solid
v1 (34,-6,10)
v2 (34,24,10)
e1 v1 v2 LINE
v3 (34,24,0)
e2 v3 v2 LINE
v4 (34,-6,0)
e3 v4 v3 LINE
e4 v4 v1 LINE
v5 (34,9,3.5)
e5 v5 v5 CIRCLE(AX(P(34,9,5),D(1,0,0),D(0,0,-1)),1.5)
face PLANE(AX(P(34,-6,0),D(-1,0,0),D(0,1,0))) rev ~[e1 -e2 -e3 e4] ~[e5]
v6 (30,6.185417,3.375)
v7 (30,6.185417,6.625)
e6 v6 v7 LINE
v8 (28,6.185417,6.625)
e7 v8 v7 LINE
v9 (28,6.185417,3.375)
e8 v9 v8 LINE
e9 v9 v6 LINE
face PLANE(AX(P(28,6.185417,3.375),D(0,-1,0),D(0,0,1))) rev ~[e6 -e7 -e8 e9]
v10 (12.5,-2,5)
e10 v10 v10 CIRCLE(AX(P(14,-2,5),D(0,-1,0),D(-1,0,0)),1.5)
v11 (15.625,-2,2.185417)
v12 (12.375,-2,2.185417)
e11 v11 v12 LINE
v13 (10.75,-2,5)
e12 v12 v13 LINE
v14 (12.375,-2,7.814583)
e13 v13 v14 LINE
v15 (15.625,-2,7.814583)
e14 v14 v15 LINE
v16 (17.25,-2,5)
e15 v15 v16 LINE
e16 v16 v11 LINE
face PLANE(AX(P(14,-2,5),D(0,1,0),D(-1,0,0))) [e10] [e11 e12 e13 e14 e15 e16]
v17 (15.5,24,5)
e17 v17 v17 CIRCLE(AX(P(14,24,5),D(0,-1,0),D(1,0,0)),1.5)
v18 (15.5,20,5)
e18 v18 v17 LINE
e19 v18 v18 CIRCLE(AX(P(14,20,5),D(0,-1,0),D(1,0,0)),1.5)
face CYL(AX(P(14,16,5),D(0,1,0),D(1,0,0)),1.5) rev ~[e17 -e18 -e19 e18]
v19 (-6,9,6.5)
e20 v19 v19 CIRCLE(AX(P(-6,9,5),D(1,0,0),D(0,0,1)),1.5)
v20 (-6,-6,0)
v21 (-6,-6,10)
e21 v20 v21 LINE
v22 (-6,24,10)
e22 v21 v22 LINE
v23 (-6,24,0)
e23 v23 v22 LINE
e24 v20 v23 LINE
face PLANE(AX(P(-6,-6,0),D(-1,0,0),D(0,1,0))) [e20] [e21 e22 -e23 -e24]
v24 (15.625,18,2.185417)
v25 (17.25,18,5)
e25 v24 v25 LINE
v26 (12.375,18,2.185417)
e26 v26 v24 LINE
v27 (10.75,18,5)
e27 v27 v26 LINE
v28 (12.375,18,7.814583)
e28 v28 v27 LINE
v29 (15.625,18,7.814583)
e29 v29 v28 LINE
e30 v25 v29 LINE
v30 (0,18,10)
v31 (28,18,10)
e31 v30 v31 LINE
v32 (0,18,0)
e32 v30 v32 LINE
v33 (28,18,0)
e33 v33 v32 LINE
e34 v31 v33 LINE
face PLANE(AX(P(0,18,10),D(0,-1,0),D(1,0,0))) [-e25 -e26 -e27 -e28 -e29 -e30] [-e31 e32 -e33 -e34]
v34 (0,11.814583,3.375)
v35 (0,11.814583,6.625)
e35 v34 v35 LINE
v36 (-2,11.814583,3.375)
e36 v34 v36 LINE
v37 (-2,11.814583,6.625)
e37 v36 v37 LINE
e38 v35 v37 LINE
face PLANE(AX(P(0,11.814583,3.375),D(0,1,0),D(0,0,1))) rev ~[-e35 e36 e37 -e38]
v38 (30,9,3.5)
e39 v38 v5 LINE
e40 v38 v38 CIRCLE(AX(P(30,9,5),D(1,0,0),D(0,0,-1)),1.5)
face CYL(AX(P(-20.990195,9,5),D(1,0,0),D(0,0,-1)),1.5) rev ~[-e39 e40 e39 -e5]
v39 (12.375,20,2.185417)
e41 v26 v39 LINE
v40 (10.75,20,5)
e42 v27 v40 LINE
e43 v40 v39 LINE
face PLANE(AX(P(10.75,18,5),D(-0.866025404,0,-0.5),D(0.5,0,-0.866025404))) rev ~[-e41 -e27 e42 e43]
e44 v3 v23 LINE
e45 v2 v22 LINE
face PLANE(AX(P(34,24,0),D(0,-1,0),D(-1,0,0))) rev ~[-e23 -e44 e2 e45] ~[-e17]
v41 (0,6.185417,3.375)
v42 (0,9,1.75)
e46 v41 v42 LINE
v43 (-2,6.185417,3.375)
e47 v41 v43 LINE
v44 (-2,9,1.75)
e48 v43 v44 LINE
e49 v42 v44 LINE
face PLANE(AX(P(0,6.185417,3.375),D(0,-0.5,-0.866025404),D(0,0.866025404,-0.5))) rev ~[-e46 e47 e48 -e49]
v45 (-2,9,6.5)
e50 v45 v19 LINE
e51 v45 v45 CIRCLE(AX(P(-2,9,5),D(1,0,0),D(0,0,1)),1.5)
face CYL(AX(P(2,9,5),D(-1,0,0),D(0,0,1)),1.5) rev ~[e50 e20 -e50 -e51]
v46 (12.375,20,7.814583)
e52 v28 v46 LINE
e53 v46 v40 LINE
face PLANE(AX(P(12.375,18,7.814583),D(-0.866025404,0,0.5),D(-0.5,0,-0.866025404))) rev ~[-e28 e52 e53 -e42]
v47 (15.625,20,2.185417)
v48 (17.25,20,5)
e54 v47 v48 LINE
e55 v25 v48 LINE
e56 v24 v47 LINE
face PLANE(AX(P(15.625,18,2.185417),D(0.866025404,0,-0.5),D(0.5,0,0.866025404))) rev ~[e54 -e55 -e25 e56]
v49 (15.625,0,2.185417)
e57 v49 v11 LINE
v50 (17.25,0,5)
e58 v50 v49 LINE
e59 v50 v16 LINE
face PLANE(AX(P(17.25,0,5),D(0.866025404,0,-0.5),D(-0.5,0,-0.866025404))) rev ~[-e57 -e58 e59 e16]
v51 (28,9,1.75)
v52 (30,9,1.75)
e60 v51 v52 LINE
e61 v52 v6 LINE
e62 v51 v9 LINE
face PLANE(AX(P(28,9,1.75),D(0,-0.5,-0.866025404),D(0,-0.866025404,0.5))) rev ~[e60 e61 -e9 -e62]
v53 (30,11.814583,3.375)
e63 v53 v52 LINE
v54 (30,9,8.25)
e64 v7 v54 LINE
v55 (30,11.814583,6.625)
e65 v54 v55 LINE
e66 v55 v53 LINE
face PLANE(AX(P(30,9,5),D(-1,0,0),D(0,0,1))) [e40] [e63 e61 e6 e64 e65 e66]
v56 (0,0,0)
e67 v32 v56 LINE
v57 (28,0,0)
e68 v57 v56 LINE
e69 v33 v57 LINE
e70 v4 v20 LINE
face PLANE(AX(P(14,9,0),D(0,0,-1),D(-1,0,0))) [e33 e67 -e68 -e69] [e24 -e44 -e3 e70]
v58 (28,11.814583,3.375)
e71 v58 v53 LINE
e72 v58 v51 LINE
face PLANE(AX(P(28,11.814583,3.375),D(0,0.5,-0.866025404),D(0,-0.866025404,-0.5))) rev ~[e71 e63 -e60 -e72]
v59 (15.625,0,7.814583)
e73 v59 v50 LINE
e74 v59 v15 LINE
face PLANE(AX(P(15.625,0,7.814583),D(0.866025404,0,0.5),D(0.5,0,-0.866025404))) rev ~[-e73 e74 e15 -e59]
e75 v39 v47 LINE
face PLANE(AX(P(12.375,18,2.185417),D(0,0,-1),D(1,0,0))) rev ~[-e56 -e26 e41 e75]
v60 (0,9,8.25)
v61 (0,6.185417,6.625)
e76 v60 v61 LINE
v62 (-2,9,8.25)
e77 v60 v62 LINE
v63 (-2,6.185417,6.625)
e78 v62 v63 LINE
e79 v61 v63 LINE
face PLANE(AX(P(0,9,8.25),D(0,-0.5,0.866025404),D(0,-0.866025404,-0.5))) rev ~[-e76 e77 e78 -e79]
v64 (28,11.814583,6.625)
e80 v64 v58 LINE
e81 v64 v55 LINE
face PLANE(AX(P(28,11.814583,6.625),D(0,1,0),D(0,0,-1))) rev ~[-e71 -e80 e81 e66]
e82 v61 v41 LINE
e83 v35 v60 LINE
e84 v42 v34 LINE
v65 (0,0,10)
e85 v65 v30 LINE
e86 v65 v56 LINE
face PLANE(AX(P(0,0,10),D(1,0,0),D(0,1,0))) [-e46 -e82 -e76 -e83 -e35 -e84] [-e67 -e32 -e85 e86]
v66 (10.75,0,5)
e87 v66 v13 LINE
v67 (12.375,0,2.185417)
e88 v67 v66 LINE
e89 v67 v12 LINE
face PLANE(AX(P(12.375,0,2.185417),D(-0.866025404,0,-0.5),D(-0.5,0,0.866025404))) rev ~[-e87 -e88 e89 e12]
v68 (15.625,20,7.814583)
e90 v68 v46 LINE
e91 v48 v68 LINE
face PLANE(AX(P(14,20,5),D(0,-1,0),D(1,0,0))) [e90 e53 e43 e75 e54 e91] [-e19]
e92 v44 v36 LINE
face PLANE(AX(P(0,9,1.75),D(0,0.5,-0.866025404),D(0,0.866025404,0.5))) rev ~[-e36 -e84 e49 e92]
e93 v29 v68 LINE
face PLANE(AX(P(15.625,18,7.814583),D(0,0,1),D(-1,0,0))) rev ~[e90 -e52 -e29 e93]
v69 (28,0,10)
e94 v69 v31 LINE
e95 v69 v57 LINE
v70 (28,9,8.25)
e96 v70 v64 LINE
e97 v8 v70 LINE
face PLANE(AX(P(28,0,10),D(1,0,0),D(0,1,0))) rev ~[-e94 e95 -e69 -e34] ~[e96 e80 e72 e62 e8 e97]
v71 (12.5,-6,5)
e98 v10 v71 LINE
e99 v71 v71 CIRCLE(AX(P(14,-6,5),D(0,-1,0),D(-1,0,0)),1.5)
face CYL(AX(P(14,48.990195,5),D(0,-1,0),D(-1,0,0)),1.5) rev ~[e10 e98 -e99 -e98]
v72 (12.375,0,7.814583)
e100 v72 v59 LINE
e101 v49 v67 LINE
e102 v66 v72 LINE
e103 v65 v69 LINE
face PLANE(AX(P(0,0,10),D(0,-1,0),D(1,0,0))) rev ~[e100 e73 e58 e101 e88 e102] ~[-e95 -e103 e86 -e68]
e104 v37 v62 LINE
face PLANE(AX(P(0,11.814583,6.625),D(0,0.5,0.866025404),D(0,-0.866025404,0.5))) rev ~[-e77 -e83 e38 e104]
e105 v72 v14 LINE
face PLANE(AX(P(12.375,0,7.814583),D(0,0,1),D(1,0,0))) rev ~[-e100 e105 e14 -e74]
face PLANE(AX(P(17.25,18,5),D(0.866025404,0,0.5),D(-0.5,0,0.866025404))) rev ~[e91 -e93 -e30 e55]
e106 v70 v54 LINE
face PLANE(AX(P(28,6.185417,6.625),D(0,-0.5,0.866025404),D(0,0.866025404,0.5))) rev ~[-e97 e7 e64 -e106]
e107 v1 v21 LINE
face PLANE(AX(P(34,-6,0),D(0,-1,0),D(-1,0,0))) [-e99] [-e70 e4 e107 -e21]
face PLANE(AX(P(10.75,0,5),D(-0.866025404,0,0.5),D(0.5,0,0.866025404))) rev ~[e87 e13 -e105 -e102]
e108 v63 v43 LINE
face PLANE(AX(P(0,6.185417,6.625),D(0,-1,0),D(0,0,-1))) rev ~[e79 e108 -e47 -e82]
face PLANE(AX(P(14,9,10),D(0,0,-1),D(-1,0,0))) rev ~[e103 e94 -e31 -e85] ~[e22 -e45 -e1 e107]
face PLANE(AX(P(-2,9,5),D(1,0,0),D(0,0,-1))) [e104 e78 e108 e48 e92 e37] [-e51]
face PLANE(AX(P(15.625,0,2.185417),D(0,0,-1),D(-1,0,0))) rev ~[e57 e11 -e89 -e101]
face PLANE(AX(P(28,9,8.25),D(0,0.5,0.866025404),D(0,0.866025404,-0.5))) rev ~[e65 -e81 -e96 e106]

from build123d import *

# Parameters (mm, degrees)
SKETCH1_W                    = 40
SKETCH1_H                    = 30
BOSS_EXTRUDE1_DEPTH          = 10
SKETCH2_W                    = 28
SKETCH2_H                    = 18
CUT_EXTRUDE1_DEPTH           = 43.801869118
CUT_EXTRUDE2_DEPTH           = 2
CUT_EXTRUDE3_DEPTH           = 2
CUT_EXTRUDE4_DEPTH           = 2
CUT_EXTRUDE5_DEPTH           = 2
F_3_0_3_DIAMETER_HOLE1_D     = 3
F_3_0_3_DIAMETER_HOLE1_DEPTH = 4
F_3_0_3_DIAMETER_HOLE2_D     = 3
F_3_0_3_DIAMETER_HOLE2_DEPTH = 4
F_3_0_3_DIAMETER_HOLE3_D     = 3
F_3_0_3_DIAMETER_HOLE4_D     = 3


with BuildPart() as part:
    # Sketch1 → Boss-Extrude1 (new body)
    with BuildSketch(Plane(origin=(0, 0, 0), x_dir=(-1, 0, 0), z_dir=(0, 0, -1))):
        with Locations((-14, 9)):
            Rectangle(SKETCH1_W, SKETCH1_H)
    extrude(amount=-BOSS_EXTRUDE1_DEPTH)

    # Sketch2 → Cut-Extrude1 (cut, through all)
    with BuildSketch(Plane.XY.offset(10)):
        with Locations((14, 9)):
            Rectangle(SKETCH2_W, SKETCH2_H)
    extrude(amount=-CUT_EXTRUDE1_DEPTH, mode=Mode.SUBTRACT)

    # Sketch3 → Cut-Extrude2 (cut)
    with BuildSketch(Plane(origin=(0, 0, 0), x_dir=(0, 0, -1), z_dir=(1, 0, 0))):
        Polygon((-8.25, 9), (-6.625, 6.185417438), (-3.375, 6.185417438), (-1.75, 9), (-3.375, 11.814582562), (-6.625, 11.814582562), align=None)
    extrude(amount=-CUT_EXTRUDE2_DEPTH, mode=Mode.SUBTRACT)

    # Sketch4 → Cut-Extrude3 (cut)
    with BuildSketch(Plane.XZ.offset(-18)):
        Polygon((17.25, 5), (15.625, 7.814582562), (12.375, 7.814582562), (10.75, 5), (12.375, 2.185417438), (15.625, 2.185417438), align=None)
    extrude(amount=-CUT_EXTRUDE3_DEPTH, mode=Mode.SUBTRACT)

    # Sketch5 → Cut-Extrude4 (cut)
    with BuildSketch(Plane.ZY.offset(-28)):
        Polygon((1.75, 9), (3.375, 6.185417438), (6.625, 6.185417438), (8.25, 9), (6.625, 11.814582562), (3.375, 11.814582562), align=None)
    extrude(amount=-CUT_EXTRUDE4_DEPTH, mode=Mode.SUBTRACT)

    # Sketch6 → Cut-Extrude5 (cut)
    with BuildSketch(Plane(origin=(0, 0, 0), x_dir=(-1, 0, 0), z_dir=(0, 1, 0))):
        Polygon((-17.25, 5), (-15.625, 2.185417438), (-12.375, 2.185417438), (-10.75, 5), (-12.375, 7.814582562), (-15.625, 7.814582562), align=None)
    extrude(amount=-CUT_EXTRUDE5_DEPTH, mode=Mode.SUBTRACT)

    # Ø3.0 (3) Diameter Hole1
    with Locations(Plane(origin=(-2, 0, 0), x_dir=(0, 0, -1), z_dir=(1, 0, 0))):
        with Locations((-5, 9)):
            Hole(F_3_0_3_DIAMETER_HOLE1_D / 2, depth=F_3_0_3_DIAMETER_HOLE1_DEPTH)

    # Ø3.0 (3) Diameter Hole2
    with Locations(Plane(origin=(0, 20, 0), x_dir=(-1, 0, 0), z_dir=(0, -1, 0))):
        with Locations((-14, -5)):
            Hole(F_3_0_3_DIAMETER_HOLE2_D / 2, depth=F_3_0_3_DIAMETER_HOLE2_DEPTH)

    # Ø3.0 (3) Diameter Hole3 (through all)
    with Locations(Plane.ZY.offset(-30)):
        with Locations((5, 9)):
            Hole(F_3_0_3_DIAMETER_HOLE3_D / 2)

    # Ø3.0 (3) Diameter Hole4 (through all)
    with Locations(Plane(origin=(0, -2, 0), x_dir=(1, 0, 0), z_dir=(0, 1, 0))):
        with Locations((14, -5)):
            Hole(F_3_0_3_DIAMETER_HOLE4_D / 2)


solid = part.part
